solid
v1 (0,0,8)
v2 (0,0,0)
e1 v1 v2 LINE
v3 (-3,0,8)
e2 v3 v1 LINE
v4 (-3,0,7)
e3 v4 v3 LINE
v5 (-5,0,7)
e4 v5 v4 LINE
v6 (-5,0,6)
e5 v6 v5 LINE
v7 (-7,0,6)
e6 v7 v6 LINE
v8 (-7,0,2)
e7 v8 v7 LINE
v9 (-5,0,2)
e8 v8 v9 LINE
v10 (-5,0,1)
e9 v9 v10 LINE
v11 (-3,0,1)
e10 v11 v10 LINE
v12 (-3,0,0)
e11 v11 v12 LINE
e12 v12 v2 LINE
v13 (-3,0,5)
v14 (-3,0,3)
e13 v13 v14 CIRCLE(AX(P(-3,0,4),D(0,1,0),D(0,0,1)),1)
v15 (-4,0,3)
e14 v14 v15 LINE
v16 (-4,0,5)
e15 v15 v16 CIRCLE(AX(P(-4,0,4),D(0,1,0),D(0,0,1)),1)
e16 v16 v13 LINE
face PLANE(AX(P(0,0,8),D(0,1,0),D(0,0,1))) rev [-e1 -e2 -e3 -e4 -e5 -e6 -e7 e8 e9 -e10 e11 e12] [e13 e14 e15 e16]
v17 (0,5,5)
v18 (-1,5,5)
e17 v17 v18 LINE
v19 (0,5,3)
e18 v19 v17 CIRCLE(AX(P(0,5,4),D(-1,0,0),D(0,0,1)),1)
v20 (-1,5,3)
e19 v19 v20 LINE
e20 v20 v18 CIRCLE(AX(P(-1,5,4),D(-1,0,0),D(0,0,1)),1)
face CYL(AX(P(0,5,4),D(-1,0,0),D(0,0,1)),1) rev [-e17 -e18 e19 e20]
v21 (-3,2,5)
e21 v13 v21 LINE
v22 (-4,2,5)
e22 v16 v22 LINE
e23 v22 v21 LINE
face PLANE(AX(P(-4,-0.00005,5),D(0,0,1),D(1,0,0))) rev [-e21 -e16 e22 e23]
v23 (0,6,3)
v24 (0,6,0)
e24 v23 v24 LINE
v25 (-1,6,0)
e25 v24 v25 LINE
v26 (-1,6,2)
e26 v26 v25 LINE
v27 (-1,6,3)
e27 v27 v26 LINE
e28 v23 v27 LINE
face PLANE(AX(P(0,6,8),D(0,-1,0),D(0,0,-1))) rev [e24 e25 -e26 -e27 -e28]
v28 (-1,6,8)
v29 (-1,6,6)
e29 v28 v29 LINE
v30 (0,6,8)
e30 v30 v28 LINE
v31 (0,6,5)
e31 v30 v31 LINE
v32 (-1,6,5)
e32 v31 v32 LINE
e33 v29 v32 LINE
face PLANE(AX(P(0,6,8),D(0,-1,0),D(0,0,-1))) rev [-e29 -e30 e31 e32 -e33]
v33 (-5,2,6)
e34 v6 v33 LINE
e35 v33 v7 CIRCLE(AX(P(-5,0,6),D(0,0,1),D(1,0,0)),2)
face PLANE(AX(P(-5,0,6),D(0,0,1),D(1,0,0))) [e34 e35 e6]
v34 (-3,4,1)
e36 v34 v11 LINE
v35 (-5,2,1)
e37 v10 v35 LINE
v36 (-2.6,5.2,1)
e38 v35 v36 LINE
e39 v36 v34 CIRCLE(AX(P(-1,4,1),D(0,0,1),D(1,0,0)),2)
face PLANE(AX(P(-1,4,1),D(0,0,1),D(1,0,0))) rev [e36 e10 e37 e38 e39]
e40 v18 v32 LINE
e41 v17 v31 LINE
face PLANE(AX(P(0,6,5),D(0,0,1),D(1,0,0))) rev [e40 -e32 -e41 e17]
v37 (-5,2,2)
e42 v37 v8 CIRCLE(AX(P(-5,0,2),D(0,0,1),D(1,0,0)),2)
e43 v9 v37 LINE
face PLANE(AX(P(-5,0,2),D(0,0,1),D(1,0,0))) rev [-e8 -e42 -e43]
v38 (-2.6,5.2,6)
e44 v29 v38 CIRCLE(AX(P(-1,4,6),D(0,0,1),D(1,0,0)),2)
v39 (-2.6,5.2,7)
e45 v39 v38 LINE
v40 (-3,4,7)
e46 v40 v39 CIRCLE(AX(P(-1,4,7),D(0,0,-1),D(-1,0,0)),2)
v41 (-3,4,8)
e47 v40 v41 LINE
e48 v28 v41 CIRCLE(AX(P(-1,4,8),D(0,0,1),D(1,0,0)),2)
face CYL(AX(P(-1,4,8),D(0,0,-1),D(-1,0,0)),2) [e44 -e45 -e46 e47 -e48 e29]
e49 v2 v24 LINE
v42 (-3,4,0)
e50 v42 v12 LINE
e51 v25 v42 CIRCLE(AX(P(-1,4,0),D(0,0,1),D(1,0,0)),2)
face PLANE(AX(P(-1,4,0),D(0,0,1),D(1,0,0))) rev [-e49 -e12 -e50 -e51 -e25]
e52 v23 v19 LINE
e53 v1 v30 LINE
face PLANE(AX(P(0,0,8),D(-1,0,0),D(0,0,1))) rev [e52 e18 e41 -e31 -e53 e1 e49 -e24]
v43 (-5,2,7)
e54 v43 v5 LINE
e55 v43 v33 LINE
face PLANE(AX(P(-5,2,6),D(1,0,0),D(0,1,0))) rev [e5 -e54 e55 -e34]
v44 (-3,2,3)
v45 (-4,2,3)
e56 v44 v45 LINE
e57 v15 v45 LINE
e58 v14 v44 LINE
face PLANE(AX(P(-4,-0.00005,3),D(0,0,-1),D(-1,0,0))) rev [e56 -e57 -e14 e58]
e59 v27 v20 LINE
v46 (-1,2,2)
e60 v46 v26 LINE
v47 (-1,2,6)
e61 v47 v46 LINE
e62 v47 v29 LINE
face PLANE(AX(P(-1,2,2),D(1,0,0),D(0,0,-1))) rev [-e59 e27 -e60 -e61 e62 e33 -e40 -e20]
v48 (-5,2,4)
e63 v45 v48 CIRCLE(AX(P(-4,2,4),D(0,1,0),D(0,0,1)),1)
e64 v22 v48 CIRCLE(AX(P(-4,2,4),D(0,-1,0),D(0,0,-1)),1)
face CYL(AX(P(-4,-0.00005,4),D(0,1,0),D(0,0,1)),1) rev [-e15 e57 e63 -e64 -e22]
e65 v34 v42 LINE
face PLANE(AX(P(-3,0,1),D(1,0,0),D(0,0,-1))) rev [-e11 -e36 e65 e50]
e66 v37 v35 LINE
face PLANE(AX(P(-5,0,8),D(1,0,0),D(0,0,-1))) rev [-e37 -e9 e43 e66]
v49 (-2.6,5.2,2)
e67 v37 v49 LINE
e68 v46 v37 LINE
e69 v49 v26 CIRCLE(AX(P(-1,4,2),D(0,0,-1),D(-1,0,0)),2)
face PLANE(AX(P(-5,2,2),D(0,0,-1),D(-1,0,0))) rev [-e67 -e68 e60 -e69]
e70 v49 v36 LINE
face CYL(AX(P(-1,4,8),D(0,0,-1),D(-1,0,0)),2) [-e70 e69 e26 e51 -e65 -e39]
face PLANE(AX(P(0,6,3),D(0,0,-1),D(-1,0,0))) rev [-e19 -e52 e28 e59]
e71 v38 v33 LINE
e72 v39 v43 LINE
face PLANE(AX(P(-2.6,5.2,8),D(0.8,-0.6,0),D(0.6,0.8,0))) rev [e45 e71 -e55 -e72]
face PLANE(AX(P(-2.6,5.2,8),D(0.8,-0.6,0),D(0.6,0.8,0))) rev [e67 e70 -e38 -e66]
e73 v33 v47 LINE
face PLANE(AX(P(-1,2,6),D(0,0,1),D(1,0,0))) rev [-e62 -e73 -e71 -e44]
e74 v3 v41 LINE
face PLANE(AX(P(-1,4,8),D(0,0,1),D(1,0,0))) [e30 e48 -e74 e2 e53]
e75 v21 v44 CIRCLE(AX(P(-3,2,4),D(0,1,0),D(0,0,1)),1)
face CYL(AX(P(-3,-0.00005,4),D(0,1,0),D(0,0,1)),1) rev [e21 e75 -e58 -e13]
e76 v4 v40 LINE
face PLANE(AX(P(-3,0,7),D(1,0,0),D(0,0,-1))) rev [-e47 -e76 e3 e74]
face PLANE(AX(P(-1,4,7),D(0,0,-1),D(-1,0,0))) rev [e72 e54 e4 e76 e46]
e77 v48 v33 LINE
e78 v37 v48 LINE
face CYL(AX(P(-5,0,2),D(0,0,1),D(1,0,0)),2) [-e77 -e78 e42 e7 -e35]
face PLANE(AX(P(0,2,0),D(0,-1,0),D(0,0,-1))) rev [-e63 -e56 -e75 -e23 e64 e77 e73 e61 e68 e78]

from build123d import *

# Parameters (mm, degrees)
BOSS_EXTRUDE1_DEPTH = 8
SKETCH2_W           = 4
SKETCH2_H           = 4
CUT_EXTRUDE1_DEPTH  = 4
CUT_EXTRUDE2_DEPTH  = 2
BOSS_EXTRUDE2_DEPTH = 6
CUT_EXTRUDE4_DEPTH  = 2
CUT_EXTRUDE5_DEPTH  = 3
CUT_EXTRUDE8_DEPTH  = 1
CUT_EXTRUDE9_DEPTH  = 1


with BuildPart() as part:
    # Sketch1 → Boss-Extrude1 (new body)
    with BuildSketch(Plane.XY):
        with BuildLine():
            Line((0, 0), (-3, 0))
            Line((-3, 0), (-5, 0))
            Line((-5, 0), (-5, 2))
            Line((-5, 2), (-2.6, 5.2))
            ThreePointArc((-2.6, 5.2), (-1.894427191, 5.788854382), (-1, 6))
            Line((-1, 6), (0, 6))
            Line((0, 6), (0, 0))
        make_face()
    extrude(amount=BOSS_EXTRUDE1_DEPTH)

    # Sketch2 → Cut-Extrude1 (cut)
    with BuildSketch(Plane(origin=(0, 6, 0), x_dir=(1, 0, 0), z_dir=(0, 1, 0))):
        with Locations((-3, -4)):
            Rectangle(SKETCH2_W, SKETCH2_H)
    extrude(amount=-CUT_EXTRUDE1_DEPTH, mode=Mode.SUBTRACT)

    # Sketch3 → Cut-Extrude2 (cut, through all)
    with BuildSketch(Plane.ZY.offset(1)):
        with BuildLine():
            Line((3, 6), (3, 5))
            ThreePointArc((3, 5), (4, 4), (5, 5))
            Line((5, 5), (5, 6))
            Line((5, 6), (3, 6))
        make_face()
    extrude(amount=-CUT_EXTRUDE2_DEPTH, mode=Mode.SUBTRACT)

    # Sketch5 → Boss-Extrude2 (add)
    with BuildSketch(Plane.XY.offset(8)):
        with BuildLine():
            Line((-5, 0), (-7, 0))
            ThreePointArc((-7, 0), (-6.414213562, 1.414213562), (-5, 2))
            Line((-5, 2), (-5, 0))
        make_face()
    extrude(amount=-BOSS_EXTRUDE2_DEPTH)

    # Sketch6 → Cut-Extrude4 (cut)
    with BuildSketch(Plane.XY.offset(8)):
        with BuildLine():
            Line((-5, 2), (-5, 0))
            Line((-5, 0), (-7, 0))
            ThreePointArc((-7, 0), (-6.414213562, 1.414213562), (-5, 2))
        make_face()
    extrude(amount=-CUT_EXTRUDE4_DEPTH, mode=Mode.SUBTRACT)

    # Sketch7 → Cut-Extrude5 (cut, through all)
    with BuildSketch(Plane(origin=(0, 2, 0), x_dir=(1, 0, 0), z_dir=(0, 1, 0))):
        with BuildLine():
            Line((-4, -3), (-3, -3))
            ThreePointArc((-3, -3), (-2, -4), (-3, -5))
            Line((-3, -5), (-4, -5))
            ThreePointArc((-4, -5), (-5, -4), (-4, -3))
        make_face()
    extrude(amount=-CUT_EXTRUDE5_DEPTH, mode=Mode.SUBTRACT)

    # Sketch8 → Cut-Extrude8 (cut)
    with BuildSketch(Plane.XY.offset(8)):
        with BuildLine():
            Line((-5, 0), (-3, 0))
            Line((-3, 0), (-3, 4))
            ThreePointArc((-3, 4), (-2.897366596, 4.632455532), (-2.6, 5.2))
            Line((-2.6, 5.2), (-5, 2))
            Line((-5, 2), (-5, 0))
        make_face()
    extrude(amount=-CUT_EXTRUDE8_DEPTH, mode=Mode.SUBTRACT)

    # Sketch9 → Cut-Extrude9 (cut)
    with BuildSketch(Plane(origin=(0, 0, 0), x_dir=(-1, 0, 0), z_dir=(0, 0, -1))):
        with BuildLine():
            Line((5, 0), (5, 2))
            Line((5, 2), (2.6, 5.2))
            ThreePointArc((2.6, 5.2), (2.897366596, 4.632455532), (3, 4))
            Line((3, 4), (3, 0))
            Line((3, 0), (5, 0))
        make_face()
    extrude(amount=-CUT_EXTRUDE9_DEPTH, mode=Mode.SUBTRACT)


solid = part.part
